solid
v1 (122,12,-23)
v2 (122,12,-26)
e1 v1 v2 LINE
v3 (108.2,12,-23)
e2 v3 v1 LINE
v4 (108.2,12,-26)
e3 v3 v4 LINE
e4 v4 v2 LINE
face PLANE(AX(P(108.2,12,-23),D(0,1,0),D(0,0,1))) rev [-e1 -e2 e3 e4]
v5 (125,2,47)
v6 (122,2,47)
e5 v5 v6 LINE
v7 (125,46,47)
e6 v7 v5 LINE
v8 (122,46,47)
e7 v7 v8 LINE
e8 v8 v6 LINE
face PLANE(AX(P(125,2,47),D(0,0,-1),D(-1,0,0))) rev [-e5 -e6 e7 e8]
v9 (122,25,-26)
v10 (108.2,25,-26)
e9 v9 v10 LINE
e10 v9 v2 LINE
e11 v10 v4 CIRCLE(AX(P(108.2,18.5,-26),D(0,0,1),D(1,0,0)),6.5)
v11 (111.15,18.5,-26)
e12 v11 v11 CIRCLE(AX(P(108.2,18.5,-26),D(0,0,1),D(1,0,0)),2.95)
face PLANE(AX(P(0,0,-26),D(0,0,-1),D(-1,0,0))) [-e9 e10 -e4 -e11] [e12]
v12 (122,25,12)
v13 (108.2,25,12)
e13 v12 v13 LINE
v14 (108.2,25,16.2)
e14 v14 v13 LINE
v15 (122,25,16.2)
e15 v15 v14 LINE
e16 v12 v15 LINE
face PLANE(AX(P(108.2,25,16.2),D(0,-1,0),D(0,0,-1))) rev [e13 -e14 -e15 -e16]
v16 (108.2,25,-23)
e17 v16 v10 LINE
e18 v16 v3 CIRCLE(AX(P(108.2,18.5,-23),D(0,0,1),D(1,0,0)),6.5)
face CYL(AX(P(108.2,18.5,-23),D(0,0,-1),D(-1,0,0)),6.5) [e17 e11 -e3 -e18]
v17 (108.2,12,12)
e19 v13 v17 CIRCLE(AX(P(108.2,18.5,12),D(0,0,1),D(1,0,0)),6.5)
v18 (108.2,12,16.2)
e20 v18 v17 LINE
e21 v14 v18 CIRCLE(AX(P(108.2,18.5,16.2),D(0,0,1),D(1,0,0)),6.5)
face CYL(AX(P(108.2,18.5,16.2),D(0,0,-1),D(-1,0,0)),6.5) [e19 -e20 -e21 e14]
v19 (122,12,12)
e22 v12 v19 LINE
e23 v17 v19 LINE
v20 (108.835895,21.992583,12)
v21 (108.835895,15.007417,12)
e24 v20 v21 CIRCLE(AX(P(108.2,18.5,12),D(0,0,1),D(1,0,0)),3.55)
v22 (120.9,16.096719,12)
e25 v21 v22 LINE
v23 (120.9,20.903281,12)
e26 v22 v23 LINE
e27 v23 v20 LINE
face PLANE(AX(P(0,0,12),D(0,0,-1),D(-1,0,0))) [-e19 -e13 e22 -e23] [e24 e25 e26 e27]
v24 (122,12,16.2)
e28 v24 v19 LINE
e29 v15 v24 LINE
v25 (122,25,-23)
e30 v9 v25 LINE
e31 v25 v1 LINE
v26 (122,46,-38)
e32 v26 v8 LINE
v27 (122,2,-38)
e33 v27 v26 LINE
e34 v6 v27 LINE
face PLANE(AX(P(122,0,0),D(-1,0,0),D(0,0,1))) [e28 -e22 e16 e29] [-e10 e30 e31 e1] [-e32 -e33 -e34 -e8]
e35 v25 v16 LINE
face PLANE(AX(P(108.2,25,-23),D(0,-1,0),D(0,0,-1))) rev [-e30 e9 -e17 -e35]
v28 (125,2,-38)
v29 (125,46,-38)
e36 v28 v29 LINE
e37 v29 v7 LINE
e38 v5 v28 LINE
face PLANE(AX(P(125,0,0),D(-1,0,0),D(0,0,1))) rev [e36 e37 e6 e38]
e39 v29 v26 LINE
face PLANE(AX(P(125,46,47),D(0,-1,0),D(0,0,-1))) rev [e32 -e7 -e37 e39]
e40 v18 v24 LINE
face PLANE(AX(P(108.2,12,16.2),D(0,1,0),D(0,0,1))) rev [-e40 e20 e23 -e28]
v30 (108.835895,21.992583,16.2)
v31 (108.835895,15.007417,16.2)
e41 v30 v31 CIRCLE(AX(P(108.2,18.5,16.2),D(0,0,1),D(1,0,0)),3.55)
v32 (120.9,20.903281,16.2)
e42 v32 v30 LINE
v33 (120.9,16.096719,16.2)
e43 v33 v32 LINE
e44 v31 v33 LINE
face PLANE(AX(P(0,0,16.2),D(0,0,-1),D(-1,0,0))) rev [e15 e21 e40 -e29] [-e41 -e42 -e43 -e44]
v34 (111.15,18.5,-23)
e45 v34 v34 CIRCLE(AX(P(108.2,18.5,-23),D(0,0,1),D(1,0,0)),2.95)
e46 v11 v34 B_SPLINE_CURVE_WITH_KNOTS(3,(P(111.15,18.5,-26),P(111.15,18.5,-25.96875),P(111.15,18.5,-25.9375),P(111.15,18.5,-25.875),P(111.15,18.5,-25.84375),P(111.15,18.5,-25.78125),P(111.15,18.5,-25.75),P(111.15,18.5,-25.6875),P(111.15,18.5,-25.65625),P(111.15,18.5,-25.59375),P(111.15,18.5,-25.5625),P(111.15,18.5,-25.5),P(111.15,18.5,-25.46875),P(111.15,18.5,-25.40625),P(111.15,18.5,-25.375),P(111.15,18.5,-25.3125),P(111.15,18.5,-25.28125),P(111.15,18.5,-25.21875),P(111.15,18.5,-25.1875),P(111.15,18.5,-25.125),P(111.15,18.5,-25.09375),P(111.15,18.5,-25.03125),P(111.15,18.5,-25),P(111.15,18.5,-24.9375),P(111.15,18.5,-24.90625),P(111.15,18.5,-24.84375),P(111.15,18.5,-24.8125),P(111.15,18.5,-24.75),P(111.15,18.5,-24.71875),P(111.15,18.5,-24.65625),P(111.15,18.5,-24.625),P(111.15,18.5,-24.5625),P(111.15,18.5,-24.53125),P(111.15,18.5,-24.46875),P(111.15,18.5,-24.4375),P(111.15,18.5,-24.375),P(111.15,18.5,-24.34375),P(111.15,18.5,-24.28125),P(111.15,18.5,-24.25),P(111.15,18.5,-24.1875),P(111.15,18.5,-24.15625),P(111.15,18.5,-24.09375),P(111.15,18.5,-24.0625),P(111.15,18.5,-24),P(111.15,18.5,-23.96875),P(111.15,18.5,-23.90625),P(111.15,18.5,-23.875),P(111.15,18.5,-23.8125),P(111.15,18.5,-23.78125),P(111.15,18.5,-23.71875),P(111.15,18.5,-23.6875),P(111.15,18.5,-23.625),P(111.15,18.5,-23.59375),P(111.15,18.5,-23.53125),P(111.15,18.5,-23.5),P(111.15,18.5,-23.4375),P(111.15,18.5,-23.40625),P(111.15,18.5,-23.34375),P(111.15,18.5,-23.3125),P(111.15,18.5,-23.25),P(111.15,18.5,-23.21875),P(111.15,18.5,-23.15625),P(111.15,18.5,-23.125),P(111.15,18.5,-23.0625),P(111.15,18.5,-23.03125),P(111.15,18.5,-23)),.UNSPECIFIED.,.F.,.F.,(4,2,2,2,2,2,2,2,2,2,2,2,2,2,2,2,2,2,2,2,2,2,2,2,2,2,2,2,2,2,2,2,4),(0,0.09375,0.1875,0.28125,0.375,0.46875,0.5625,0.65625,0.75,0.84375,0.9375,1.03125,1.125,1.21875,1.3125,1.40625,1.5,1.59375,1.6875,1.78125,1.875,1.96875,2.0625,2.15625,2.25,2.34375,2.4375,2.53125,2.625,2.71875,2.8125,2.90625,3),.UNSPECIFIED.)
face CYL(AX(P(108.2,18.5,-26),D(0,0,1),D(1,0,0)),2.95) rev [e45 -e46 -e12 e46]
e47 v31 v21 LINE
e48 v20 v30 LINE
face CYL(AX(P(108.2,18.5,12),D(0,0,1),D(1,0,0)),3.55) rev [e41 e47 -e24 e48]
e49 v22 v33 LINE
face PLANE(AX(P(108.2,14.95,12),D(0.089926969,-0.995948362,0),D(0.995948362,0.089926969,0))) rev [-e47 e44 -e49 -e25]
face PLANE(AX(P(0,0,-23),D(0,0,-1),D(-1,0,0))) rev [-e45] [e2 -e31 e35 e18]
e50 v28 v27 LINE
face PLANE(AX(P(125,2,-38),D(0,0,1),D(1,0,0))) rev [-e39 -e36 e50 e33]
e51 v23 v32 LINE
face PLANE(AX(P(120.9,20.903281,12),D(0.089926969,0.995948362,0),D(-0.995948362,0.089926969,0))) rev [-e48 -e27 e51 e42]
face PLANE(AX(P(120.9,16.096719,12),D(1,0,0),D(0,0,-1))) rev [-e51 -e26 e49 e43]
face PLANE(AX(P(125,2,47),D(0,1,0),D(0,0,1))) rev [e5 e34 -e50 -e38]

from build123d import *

# Parameters (mm, degrees)
BOSS_EXTRUDE1_START = 123.5
SKETCH1_W           = 85
SKETCH1_H           = 44
BOSS_EXTRUDE1_DEPTH = 1.5
BOSS_EXTRUDE2_START = 14.1
SKETCH2_R           = 6.5
BOSS_EXTRUDE2_DEPTH = 2.1
BOSS_EXTRUDE3_START = 14.1
SKETCH3_W           = 14.3
SKETCH3_H           = 13
BOSS_EXTRUDE3_DEPTH = 2.1
CUT_EXTRUDE1_START  = 14.1
SKETCH4_R           = 3.55
CUT_EXTRUDE1_DEPTH  = 2.1
CUT_EXTRUDE2_START  = 14.1
CUT_EXTRUDE2_DEPTH  = 2.1
BOSS_EXTRUDE4_START = -24.5
SKETCH6_R           = 6.5
BOSS_EXTRUDE4_DEPTH = 1.5
BOSS_EXTRUDE5_START = -24.5
SKETCH7_W           = 14.3
SKETCH7_H           = 13
BOSS_EXTRUDE5_DEPTH = 1.5
CUT_EXTRUDE3_START  = -24.5
SKETCH8_R           = 2.95
CUT_EXTRUDE3_DEPTH  = 1.5


with BuildPart() as part:
    # Sketch1 → Boss-Extrude1 (new, symmetric)
    with BuildSketch(Plane(origin=(0, 0, 0), x_dir=(0, 0, -1), z_dir=(1, 0, 0)).offset(BOSS_EXTRUDE1_START)):
        with Locations((-4.5, 24)):
            Rectangle(SKETCH1_W, SKETCH1_H)
    extrude(amount=BOSS_EXTRUDE1_DEPTH, both=True)



with BuildPart() as body_2:
    # Sketch2 → Boss-Extrude2 (new, symmetric)
    with BuildSketch(Plane.XY.offset(BOSS_EXTRUDE2_START)):
        with Locations((108.2, 18.5)):
            Circle(SKETCH2_R)
    extrude(amount=BOSS_EXTRUDE2_DEPTH, both=True)


with BuildPart() as part_1:
    add(part.part)

    add(body_2.part)  # Boss-Extrude3 merges body 2
    # Sketch3 → Boss-Extrude3 (add, symmetric)
    with BuildSketch(Plane.XY.offset(BOSS_EXTRUDE3_START)):
        with Locations((115.35, 18.5)):
            Rectangle(SKETCH3_W, SKETCH3_H)
    extrude(amount=BOSS_EXTRUDE3_DEPTH, both=True)

    # Sketch4 → Cut-Extrude1 (cut, symmetric)
    with BuildSketch(Plane.XY.offset(CUT_EXTRUDE1_START)):
        with Locations((108.2, 18.5)):
            Circle(SKETCH4_R)
    extrude(amount=CUT_EXTRUDE1_DEPTH, both=True, mode=Mode.SUBTRACT)

    # Sketch5 → Cut-Extrude2 (cut, symmetric)
    with BuildSketch(Plane.XY.offset(CUT_EXTRUDE2_START)):
        Polygon((108.2, 14.95), (120.9, 16.096718595), (120.9, 20.903281405), (108.2, 22.05), align=None)
    extrude(amount=CUT_EXTRUDE2_DEPTH, both=True, mode=Mode.SUBTRACT)



with BuildPart() as body_2_2:
    # Sketch6 → Boss-Extrude4 (new, symmetric)
    with BuildSketch(Plane.XY.offset(BOSS_EXTRUDE4_START)):
        with Locations(Location((108.2, 18.5, 0), (0, 0, 180))):
            Circle(SKETCH6_R)
    extrude(amount=BOSS_EXTRUDE4_DEPTH, both=True)


with BuildPart() as part_2:
    add(part_1.part)

    add(body_2_2.part)  # Boss-Extrude5 merges body 2 2
    # Sketch7 → Boss-Extrude5 (add, symmetric)
    with BuildSketch(Plane.XY.offset(BOSS_EXTRUDE5_START)):
        with Locations((115.35, 18.5)):
            Rectangle(SKETCH7_W, SKETCH7_H)
    extrude(amount=BOSS_EXTRUDE5_DEPTH, both=True)

    # Sketch8 → Cut-Extrude3 (cut, symmetric)
    with BuildSketch(Plane.XY.offset(CUT_EXTRUDE3_START)):
        with Locations((108.2, 18.5)):
            Circle(SKETCH8_R)
    extrude(amount=CUT_EXTRUDE3_DEPTH, both=True, mode=Mode.SUBTRACT)


solid = part_2.part
